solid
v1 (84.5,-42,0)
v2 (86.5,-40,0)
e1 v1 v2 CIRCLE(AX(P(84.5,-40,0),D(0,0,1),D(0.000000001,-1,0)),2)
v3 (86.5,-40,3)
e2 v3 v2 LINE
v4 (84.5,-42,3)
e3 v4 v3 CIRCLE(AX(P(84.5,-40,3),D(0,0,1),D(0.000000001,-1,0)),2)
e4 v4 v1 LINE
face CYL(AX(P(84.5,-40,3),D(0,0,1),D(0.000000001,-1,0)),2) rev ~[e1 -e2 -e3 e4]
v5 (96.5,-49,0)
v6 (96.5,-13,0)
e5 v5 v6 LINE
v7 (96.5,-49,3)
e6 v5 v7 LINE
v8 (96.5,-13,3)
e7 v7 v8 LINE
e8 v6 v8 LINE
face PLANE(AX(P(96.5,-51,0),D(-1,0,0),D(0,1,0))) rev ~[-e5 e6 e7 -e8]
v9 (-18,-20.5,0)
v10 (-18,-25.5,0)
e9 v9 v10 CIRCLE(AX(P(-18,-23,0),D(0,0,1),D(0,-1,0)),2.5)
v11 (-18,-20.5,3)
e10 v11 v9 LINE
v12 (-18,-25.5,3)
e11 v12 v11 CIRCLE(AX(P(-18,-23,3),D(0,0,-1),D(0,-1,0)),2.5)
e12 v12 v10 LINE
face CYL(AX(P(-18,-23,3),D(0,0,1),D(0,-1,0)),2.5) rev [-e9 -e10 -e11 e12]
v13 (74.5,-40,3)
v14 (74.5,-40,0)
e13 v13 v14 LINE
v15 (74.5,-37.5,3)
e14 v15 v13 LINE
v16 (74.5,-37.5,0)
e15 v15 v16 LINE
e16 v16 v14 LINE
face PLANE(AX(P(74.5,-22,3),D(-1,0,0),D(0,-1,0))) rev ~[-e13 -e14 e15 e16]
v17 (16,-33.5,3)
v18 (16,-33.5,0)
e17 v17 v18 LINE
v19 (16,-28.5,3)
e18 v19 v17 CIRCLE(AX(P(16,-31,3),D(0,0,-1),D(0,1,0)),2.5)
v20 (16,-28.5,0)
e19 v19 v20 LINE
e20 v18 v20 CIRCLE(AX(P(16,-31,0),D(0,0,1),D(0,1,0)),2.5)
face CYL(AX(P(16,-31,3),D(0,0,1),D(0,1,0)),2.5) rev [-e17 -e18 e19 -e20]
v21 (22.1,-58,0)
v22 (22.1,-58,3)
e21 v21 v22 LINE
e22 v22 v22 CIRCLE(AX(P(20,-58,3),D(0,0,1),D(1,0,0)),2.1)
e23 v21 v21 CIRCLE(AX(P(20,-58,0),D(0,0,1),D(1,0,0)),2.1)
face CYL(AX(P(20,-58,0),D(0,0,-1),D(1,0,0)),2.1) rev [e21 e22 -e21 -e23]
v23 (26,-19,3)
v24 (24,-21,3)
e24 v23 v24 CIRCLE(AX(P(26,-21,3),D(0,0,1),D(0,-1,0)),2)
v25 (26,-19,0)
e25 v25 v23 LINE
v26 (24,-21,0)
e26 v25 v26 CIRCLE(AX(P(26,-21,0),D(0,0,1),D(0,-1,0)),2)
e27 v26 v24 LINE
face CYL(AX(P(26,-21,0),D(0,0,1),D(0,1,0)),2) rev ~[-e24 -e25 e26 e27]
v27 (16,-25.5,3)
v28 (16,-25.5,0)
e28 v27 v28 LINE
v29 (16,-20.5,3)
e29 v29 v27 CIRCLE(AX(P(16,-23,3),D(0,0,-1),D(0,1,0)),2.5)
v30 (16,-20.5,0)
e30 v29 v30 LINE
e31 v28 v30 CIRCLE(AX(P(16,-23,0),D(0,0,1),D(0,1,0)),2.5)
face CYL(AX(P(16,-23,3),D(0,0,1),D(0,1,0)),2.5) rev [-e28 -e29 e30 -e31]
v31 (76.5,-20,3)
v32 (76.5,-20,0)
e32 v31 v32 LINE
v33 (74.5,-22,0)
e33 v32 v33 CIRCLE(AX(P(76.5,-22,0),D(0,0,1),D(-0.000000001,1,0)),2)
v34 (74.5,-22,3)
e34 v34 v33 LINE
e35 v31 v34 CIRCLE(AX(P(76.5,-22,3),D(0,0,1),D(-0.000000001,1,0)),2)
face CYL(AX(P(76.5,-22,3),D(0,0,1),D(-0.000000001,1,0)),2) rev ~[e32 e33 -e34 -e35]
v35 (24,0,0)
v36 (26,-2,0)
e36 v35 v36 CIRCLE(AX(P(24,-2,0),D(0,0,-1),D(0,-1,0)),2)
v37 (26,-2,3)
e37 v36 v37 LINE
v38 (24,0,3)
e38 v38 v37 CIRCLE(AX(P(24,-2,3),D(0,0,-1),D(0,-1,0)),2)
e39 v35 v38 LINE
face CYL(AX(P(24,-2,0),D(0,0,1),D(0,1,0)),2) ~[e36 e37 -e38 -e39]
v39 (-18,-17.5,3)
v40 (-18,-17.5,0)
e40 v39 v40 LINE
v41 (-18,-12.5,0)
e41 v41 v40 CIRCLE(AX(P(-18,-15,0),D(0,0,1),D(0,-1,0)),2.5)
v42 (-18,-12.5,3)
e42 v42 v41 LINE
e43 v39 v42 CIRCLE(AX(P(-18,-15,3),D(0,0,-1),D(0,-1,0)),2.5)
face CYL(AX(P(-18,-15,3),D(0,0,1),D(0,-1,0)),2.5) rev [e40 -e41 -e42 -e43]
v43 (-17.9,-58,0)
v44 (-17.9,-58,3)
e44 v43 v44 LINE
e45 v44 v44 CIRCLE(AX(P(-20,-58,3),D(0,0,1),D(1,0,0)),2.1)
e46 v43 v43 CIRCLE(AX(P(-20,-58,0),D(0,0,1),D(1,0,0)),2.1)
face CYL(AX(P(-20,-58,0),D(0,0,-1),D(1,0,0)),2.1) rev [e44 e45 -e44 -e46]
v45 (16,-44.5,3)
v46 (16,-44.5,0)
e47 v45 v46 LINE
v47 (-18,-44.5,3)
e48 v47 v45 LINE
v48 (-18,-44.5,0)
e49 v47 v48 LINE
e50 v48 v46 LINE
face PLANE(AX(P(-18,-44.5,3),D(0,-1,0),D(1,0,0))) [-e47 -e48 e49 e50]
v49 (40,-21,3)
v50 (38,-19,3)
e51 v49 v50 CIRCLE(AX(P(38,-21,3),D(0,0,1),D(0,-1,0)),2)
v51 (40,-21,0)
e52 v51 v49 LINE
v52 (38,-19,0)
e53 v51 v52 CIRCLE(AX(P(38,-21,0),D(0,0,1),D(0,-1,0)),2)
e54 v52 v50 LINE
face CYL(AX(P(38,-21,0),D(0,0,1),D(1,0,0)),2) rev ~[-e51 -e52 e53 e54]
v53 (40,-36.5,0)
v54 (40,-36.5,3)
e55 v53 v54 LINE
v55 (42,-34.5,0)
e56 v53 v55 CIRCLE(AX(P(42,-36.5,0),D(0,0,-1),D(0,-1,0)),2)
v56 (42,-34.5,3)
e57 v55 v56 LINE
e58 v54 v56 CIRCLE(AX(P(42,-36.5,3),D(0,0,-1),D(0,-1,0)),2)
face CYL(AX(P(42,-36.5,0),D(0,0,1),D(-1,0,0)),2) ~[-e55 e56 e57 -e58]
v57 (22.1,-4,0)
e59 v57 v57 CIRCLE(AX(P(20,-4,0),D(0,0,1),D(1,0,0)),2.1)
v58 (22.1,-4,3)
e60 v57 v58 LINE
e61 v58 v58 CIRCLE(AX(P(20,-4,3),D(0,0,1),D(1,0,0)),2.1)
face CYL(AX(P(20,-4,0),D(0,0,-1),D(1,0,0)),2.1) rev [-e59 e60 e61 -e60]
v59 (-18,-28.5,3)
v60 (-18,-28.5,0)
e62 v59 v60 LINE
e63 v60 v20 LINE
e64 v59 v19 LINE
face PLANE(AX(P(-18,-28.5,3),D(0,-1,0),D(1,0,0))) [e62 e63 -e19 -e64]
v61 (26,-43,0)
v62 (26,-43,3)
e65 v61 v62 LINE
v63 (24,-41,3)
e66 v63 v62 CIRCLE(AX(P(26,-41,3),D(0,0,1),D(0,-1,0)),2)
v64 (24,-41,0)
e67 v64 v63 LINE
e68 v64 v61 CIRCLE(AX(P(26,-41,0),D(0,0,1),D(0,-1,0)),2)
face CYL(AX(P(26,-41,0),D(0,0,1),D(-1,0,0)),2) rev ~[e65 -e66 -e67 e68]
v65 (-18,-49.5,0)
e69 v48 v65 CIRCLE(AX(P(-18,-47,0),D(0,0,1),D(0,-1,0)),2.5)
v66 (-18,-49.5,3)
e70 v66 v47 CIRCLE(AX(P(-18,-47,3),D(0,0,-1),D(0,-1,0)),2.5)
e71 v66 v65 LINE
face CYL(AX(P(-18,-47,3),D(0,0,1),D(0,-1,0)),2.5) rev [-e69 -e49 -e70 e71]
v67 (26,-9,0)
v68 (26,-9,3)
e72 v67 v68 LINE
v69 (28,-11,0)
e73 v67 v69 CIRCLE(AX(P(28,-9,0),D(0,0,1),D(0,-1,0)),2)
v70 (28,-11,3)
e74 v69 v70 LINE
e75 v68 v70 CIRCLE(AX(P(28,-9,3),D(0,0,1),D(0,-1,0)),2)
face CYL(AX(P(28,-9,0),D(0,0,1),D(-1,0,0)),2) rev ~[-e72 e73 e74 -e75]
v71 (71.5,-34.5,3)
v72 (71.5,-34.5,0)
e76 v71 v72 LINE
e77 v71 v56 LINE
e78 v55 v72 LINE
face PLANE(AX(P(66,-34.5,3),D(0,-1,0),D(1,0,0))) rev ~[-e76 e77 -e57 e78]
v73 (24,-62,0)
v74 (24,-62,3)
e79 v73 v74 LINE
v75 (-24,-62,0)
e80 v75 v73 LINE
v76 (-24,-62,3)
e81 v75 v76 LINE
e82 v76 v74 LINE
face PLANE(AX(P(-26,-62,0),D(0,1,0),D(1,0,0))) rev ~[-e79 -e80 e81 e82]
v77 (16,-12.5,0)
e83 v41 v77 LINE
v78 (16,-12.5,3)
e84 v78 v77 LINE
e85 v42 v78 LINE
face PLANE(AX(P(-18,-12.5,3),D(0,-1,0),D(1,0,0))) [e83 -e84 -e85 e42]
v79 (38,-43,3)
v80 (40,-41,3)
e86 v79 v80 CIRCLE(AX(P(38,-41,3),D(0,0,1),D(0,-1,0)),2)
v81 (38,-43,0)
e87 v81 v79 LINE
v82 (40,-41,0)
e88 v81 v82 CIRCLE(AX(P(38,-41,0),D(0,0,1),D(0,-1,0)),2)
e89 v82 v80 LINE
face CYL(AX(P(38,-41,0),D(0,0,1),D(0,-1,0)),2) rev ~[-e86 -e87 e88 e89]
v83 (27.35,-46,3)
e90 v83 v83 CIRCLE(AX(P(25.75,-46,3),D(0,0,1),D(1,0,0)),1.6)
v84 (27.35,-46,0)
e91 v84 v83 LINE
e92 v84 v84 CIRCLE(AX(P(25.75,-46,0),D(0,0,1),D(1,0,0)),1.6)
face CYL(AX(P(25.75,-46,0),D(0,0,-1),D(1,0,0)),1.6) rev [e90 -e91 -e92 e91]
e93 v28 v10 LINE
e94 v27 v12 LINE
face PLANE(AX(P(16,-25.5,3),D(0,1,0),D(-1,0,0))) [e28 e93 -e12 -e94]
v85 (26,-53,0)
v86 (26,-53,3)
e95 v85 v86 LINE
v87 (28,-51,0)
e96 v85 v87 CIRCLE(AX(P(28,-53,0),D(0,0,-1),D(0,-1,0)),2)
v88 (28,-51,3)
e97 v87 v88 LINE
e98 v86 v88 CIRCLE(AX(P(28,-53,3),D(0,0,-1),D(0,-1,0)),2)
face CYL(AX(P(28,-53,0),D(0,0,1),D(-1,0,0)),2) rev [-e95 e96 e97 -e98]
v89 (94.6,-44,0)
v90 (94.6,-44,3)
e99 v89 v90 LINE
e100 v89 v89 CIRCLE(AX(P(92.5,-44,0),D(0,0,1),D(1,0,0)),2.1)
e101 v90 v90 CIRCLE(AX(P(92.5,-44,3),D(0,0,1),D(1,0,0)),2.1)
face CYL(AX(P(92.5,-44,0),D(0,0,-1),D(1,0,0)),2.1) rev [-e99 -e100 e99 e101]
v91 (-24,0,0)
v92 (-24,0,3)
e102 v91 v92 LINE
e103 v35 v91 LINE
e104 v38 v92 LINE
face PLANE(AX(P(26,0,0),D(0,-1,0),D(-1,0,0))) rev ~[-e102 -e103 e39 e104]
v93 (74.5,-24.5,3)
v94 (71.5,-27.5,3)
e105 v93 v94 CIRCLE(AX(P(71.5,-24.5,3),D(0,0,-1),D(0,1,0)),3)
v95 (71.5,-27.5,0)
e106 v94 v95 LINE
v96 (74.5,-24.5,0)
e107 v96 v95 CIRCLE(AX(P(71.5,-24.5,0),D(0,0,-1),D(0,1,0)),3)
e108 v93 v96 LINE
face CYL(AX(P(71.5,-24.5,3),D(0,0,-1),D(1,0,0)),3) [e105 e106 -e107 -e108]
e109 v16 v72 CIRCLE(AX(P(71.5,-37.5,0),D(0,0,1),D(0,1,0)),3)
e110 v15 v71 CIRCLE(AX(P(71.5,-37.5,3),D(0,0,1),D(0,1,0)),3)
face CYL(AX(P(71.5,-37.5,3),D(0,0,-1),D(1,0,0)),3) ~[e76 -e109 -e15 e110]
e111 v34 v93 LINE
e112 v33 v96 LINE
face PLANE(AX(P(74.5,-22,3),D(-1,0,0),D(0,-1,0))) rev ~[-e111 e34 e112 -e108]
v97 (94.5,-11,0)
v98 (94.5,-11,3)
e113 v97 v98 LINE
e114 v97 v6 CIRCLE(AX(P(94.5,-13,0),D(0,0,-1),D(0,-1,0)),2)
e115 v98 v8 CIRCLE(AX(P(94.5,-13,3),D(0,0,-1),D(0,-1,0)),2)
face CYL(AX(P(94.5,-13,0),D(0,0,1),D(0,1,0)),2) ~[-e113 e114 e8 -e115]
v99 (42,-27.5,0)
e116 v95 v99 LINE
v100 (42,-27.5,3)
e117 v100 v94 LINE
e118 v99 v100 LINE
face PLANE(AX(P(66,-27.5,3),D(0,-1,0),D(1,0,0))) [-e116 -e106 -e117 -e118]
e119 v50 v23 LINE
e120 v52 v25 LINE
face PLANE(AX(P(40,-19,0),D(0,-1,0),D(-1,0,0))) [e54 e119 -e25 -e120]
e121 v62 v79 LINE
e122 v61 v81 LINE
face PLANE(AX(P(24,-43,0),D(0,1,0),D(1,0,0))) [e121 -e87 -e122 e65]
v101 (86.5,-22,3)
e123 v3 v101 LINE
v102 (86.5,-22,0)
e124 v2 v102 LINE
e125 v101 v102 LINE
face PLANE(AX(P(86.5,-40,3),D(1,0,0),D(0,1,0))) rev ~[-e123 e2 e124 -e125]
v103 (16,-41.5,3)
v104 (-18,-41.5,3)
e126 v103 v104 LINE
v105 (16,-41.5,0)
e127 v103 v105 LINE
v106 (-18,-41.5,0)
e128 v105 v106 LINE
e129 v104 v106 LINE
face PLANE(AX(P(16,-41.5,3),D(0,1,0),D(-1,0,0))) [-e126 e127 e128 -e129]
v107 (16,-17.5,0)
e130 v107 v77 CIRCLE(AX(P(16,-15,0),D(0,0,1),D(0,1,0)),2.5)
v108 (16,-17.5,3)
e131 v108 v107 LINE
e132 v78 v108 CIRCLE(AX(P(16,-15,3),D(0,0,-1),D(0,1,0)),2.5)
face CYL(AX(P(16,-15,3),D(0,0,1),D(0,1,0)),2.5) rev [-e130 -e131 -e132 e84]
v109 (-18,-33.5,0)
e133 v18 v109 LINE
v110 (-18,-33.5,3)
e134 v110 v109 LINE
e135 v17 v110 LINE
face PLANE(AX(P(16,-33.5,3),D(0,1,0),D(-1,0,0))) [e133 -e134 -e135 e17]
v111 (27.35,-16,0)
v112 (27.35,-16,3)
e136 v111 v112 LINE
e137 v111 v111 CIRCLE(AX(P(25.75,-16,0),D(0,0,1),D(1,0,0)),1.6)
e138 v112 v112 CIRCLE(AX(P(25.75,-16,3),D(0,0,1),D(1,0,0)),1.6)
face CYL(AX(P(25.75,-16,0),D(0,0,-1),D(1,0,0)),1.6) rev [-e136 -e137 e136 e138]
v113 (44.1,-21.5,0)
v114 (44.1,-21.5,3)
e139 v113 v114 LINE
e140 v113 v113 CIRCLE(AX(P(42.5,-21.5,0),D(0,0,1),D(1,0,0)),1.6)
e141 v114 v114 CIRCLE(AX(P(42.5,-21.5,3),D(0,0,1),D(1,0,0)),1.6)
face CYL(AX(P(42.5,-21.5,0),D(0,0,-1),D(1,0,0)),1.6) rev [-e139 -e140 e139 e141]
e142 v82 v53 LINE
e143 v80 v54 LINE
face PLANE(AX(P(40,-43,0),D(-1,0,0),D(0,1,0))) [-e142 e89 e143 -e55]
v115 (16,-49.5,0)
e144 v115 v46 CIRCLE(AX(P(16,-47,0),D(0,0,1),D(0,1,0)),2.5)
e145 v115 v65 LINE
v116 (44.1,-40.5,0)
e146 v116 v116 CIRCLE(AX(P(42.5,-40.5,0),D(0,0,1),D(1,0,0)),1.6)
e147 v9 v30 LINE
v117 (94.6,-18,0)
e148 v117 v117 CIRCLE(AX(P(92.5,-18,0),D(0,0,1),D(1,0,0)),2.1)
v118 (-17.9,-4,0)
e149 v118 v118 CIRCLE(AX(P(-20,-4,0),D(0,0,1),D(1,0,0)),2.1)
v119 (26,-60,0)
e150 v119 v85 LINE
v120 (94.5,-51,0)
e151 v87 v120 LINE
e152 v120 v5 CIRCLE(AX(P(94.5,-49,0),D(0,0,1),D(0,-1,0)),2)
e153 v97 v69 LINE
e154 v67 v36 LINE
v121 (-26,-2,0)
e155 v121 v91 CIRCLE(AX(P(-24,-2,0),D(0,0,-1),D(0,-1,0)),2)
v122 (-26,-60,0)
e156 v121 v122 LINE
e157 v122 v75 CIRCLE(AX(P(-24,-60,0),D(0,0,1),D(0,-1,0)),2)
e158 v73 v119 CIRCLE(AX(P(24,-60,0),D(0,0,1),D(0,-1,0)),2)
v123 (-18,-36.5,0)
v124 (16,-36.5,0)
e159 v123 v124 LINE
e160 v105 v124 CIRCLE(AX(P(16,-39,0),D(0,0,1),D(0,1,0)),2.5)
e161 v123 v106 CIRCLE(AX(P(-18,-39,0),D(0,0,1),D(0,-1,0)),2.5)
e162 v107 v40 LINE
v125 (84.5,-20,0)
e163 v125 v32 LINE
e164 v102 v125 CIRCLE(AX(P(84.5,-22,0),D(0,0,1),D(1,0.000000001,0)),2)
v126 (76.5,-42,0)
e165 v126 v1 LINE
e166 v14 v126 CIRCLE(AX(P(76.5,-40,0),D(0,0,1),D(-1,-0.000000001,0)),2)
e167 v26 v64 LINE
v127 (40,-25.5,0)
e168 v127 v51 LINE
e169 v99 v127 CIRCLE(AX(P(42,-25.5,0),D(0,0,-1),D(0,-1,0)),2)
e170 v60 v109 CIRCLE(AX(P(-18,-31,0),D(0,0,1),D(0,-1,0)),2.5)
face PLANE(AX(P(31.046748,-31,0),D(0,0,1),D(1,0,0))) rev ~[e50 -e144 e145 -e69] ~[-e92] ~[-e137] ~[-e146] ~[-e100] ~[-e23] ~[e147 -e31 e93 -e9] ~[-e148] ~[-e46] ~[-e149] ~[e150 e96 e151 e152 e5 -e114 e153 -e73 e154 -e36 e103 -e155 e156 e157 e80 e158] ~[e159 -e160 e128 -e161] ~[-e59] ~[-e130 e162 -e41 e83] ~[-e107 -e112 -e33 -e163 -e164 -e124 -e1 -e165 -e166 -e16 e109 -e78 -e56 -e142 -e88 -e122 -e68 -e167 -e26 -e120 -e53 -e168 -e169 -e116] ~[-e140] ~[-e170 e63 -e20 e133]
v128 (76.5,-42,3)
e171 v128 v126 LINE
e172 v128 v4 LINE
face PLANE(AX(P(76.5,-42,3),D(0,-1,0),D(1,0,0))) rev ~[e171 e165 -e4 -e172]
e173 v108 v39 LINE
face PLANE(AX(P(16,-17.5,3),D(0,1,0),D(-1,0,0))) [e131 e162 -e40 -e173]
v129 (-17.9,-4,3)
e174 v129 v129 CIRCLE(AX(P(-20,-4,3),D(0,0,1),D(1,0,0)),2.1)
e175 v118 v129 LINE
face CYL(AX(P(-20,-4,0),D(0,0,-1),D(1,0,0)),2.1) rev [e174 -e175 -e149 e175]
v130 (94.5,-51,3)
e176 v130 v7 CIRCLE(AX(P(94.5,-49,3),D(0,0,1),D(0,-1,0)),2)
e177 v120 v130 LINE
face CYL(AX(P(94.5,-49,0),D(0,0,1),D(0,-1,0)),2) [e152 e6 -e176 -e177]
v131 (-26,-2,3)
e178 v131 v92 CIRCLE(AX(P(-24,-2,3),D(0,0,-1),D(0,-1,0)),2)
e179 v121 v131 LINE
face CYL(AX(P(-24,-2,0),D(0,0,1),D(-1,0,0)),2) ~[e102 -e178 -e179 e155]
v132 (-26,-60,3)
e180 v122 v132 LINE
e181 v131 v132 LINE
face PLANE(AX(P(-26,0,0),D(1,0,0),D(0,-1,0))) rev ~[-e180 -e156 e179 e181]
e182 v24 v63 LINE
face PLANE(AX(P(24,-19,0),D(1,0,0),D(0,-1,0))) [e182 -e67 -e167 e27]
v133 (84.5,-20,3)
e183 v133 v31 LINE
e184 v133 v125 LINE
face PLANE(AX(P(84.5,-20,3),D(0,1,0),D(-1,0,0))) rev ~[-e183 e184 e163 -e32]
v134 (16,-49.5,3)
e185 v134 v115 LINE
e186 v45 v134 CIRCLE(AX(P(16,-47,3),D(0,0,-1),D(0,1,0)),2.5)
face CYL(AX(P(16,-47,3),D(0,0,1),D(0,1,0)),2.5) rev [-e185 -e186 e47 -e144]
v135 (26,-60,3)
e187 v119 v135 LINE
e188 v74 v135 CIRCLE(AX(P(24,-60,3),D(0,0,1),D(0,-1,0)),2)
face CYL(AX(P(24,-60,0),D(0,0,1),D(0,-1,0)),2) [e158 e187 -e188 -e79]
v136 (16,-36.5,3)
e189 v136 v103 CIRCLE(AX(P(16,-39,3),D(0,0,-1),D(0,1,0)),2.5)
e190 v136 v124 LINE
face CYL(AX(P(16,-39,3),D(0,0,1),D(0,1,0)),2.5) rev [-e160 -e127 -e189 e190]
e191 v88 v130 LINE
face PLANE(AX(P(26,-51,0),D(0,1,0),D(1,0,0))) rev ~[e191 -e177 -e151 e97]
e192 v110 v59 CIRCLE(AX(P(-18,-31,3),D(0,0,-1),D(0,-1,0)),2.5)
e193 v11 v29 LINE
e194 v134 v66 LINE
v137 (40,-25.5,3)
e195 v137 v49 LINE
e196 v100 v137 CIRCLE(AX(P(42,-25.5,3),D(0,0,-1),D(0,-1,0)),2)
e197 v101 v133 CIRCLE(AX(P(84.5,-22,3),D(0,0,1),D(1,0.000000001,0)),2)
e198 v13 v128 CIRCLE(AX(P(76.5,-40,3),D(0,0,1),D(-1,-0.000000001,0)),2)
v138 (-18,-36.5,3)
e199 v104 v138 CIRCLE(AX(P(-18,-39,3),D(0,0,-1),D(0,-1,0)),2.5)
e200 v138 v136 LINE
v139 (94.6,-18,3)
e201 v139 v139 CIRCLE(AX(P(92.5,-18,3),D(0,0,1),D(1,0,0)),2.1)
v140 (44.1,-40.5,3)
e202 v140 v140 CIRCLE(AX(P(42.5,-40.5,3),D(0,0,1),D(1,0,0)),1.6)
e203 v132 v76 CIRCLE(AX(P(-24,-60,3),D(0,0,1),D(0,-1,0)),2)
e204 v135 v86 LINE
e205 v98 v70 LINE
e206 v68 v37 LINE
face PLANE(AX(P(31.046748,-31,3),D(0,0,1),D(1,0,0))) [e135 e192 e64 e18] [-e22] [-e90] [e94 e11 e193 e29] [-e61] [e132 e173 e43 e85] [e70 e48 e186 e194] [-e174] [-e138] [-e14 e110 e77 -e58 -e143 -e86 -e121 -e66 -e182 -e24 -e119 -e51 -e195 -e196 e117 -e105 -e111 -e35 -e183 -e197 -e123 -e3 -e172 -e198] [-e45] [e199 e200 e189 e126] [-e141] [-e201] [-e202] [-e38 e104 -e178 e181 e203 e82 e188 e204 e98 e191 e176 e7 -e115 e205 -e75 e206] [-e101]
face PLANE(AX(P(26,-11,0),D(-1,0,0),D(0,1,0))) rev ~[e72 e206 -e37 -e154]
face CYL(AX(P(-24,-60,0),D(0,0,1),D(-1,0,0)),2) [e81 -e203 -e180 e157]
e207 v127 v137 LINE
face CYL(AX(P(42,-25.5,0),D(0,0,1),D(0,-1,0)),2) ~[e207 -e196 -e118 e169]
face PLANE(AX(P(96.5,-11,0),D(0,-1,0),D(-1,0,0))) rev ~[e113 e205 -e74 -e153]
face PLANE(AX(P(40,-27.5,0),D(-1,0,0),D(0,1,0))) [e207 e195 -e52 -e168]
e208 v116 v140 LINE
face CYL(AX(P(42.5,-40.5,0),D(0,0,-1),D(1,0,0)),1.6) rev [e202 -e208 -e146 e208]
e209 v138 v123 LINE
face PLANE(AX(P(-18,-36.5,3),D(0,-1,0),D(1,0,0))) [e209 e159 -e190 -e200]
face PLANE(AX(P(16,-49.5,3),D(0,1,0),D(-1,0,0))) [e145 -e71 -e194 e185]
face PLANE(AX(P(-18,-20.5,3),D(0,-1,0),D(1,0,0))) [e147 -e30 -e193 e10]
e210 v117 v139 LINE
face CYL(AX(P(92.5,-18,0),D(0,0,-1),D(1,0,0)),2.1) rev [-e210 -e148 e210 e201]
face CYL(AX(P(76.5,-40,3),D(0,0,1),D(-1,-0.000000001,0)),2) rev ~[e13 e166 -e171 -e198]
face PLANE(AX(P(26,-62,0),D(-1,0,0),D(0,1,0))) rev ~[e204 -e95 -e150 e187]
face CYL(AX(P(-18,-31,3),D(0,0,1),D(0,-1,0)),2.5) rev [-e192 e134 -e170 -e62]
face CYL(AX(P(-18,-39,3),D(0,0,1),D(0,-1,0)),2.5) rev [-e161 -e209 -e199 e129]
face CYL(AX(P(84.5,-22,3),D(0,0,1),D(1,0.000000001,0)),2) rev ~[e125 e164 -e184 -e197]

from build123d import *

# Parameters (mm, degrees)
SKETCH_1_R          = 2.1
SKETCH_1_R_2        = 1.599999998
SKETCH_1_R_3        = 2.099999998
SKETCH_1_R_4        = 1.6
EXTRUDE_1_DEPTH     = 3
FILLET_1_R          = 2
CUT_EXTRUDE_1_DEPTH = 115.739923305
SKETCH_3_W          = 8.5
SKETCH_3_H          = 7
CUT_EXTRUDE_2_DEPTH = 115.739923305
FILLET_2_R          = 3


with BuildPart() as part:
    # 草图1 → 凸台-拉伸1 (new body)
    with BuildSketch(Plane.XY):
        Polygon((-26, 0), (-26, -62), (26, -62), (26, -51), (96.5, -51), (96.5, -11), (26, -11), (26, 0), align=None)
        with Locations((-20, -4)):
            Circle(SKETCH_1_R, mode=Mode.SUBTRACT)
        with Locations((20, -4)):
            Circle(SKETCH_1_R, mode=Mode.SUBTRACT)
        with Locations((-20, -58)):
            Circle(SKETCH_1_R, mode=Mode.SUBTRACT)
        with Locations((20, -58)):
            Circle(SKETCH_1_R, mode=Mode.SUBTRACT)
        with Locations((42.500000002, -21.5)):
            Circle(SKETCH_1_R_2, mode=Mode.SUBTRACT)
        with Locations((42.500000002, -40.5)):
            Circle(SKETCH_1_R_2, mode=Mode.SUBTRACT)
        with Locations((92.500000002, -18)):
            Circle(SKETCH_1_R_3, mode=Mode.SUBTRACT)
        with Locations((92.500000002, -44)):
            Circle(SKETCH_1_R_3, mode=Mode.SUBTRACT)
        with Locations((25.75, -46)):
            Circle(SKETCH_1_R_4, mode=Mode.SUBTRACT)
        with Locations((25.75, -16)):
            Circle(SKETCH_1_R_4, mode=Mode.SUBTRACT)
        Polygon((68, -34.5), (68, -27.5), (40, -27.5), (40, -19), (24, -19), (24, -43), (40, -43), (40, -34.5), align=None, mode=Mode.SUBTRACT)
    extrude(amount=EXTRUDE_1_DEPTH)

    # 圆角1
    fillet_1_edges = [part.edges().sort_by_distance(p)[0] for p in [
        (26, 0, 1.5),
        (26, -11, 1.5),
        (96.5, -11, 1.5),
        (96.5, -51, 1.5),
        (26, -51, 1.5),
        (26, -62, 1.5),
        (-26, -62, 1.5),
        (-26, 0, 1.5),
        (40, -43, 1.5),
        (40, -34.5, 1.5),
        (68, -34.5, 1.5),
        (68, -27.5, 1.5),
        (40, -27.5, 1.5),
        (40, -19, 1.5),
        (24, -19, 1.5),
        (24, -43, 1.5),
    ]]
    fillet(fillet_1_edges, radius=FILLET_1_R)

    # 草图2 → 切除-拉伸1 (cut, through all)
    with BuildSketch(Plane.XY.offset(3)):
        with BuildLine():
            Line((-18, -28.5), (16, -28.5))
            ThreePointArc((16, -28.5), (18.5, -31), (16, -33.5))
            Line((16, -33.5), (-18, -33.5))
            ThreePointArc((-18, -33.5), (-20.5, -31), (-18, -28.5))
        make_face()
        with BuildLine():
            Line((-18, -20.5), (16, -20.5))
            ThreePointArc((16, -20.5), (18.5, -23), (16, -25.5))
            Line((16, -25.5), (-18, -25.5))
            ThreePointArc((-18, -25.5), (-20.5, -23), (-18, -20.5))
        make_face()
        with BuildLine():
            Line((-18, -12.5), (16, -12.5))
            ThreePointArc((16, -12.5), (18.5, -15), (16, -17.5))
            Line((16, -17.5), (-18, -17.5))
            ThreePointArc((-18, -17.5), (-20.5, -15), (-18, -12.5))
        make_face()
        with BuildLine():
            Line((-18, -36.5), (16, -36.5))
            ThreePointArc((16, -36.5), (18.5, -39), (16, -41.5))
            Line((16, -41.5), (-18, -41.5))
            ThreePointArc((-18, -41.5), (-20.5, -39), (-18, -36.5))
        make_face()
        with BuildLine():
            Line((-18, -44.5), (16, -44.5))
            ThreePointArc((16, -44.5), (18.5, -47), (16, -49.5))
            Line((16, -49.5), (-18, -49.5))
            ThreePointArc((-18, -49.5), (-20.5, -47), (-18, -44.5))
        make_face()
        with BuildLine():
            Line((74.5, -22), (74.5, -40))
            ThreePointArc((74.5, -40), (75.085786438, -41.414213562), (76.5, -42))
            Line((76.5, -42), (84.5, -42))
            ThreePointArc((84.5, -42), (85.914213562, -41.414213562), (86.5, -40))
            Line((86.5, -40), (86.5, -22))
            ThreePointArc((86.5, -22), (85.914213562, -20.585786438), (84.5, -20))
            Line((84.5, -20), (76.5, -20))
            ThreePointArc((76.5, -20), (75.085786438, -20.585786438), (74.5, -22))
        make_face()
    extrude(amount=-CUT_EXTRUDE_1_DEPTH, mode=Mode.SUBTRACT)

    # 草图3 → 切除-拉伸2 (cut, through all)
    with BuildSketch(Plane.XY.offset(3)):
        with Locations((70.25, -31)):
            Rectangle(SKETCH_3_W, SKETCH_3_H)
    extrude(amount=-CUT_EXTRUDE_2_DEPTH, mode=Mode.SUBTRACT)

    # 圆角2
    fillet_2_edges = [part.edges().sort_by_distance(p)[0] for p in [
        (74.5, -27.5, 1.5),
        (74.5, -34.5, 1.5),
    ]]
    fillet(fillet_2_edges, radius=FILLET_2_R)


solid = part.part
